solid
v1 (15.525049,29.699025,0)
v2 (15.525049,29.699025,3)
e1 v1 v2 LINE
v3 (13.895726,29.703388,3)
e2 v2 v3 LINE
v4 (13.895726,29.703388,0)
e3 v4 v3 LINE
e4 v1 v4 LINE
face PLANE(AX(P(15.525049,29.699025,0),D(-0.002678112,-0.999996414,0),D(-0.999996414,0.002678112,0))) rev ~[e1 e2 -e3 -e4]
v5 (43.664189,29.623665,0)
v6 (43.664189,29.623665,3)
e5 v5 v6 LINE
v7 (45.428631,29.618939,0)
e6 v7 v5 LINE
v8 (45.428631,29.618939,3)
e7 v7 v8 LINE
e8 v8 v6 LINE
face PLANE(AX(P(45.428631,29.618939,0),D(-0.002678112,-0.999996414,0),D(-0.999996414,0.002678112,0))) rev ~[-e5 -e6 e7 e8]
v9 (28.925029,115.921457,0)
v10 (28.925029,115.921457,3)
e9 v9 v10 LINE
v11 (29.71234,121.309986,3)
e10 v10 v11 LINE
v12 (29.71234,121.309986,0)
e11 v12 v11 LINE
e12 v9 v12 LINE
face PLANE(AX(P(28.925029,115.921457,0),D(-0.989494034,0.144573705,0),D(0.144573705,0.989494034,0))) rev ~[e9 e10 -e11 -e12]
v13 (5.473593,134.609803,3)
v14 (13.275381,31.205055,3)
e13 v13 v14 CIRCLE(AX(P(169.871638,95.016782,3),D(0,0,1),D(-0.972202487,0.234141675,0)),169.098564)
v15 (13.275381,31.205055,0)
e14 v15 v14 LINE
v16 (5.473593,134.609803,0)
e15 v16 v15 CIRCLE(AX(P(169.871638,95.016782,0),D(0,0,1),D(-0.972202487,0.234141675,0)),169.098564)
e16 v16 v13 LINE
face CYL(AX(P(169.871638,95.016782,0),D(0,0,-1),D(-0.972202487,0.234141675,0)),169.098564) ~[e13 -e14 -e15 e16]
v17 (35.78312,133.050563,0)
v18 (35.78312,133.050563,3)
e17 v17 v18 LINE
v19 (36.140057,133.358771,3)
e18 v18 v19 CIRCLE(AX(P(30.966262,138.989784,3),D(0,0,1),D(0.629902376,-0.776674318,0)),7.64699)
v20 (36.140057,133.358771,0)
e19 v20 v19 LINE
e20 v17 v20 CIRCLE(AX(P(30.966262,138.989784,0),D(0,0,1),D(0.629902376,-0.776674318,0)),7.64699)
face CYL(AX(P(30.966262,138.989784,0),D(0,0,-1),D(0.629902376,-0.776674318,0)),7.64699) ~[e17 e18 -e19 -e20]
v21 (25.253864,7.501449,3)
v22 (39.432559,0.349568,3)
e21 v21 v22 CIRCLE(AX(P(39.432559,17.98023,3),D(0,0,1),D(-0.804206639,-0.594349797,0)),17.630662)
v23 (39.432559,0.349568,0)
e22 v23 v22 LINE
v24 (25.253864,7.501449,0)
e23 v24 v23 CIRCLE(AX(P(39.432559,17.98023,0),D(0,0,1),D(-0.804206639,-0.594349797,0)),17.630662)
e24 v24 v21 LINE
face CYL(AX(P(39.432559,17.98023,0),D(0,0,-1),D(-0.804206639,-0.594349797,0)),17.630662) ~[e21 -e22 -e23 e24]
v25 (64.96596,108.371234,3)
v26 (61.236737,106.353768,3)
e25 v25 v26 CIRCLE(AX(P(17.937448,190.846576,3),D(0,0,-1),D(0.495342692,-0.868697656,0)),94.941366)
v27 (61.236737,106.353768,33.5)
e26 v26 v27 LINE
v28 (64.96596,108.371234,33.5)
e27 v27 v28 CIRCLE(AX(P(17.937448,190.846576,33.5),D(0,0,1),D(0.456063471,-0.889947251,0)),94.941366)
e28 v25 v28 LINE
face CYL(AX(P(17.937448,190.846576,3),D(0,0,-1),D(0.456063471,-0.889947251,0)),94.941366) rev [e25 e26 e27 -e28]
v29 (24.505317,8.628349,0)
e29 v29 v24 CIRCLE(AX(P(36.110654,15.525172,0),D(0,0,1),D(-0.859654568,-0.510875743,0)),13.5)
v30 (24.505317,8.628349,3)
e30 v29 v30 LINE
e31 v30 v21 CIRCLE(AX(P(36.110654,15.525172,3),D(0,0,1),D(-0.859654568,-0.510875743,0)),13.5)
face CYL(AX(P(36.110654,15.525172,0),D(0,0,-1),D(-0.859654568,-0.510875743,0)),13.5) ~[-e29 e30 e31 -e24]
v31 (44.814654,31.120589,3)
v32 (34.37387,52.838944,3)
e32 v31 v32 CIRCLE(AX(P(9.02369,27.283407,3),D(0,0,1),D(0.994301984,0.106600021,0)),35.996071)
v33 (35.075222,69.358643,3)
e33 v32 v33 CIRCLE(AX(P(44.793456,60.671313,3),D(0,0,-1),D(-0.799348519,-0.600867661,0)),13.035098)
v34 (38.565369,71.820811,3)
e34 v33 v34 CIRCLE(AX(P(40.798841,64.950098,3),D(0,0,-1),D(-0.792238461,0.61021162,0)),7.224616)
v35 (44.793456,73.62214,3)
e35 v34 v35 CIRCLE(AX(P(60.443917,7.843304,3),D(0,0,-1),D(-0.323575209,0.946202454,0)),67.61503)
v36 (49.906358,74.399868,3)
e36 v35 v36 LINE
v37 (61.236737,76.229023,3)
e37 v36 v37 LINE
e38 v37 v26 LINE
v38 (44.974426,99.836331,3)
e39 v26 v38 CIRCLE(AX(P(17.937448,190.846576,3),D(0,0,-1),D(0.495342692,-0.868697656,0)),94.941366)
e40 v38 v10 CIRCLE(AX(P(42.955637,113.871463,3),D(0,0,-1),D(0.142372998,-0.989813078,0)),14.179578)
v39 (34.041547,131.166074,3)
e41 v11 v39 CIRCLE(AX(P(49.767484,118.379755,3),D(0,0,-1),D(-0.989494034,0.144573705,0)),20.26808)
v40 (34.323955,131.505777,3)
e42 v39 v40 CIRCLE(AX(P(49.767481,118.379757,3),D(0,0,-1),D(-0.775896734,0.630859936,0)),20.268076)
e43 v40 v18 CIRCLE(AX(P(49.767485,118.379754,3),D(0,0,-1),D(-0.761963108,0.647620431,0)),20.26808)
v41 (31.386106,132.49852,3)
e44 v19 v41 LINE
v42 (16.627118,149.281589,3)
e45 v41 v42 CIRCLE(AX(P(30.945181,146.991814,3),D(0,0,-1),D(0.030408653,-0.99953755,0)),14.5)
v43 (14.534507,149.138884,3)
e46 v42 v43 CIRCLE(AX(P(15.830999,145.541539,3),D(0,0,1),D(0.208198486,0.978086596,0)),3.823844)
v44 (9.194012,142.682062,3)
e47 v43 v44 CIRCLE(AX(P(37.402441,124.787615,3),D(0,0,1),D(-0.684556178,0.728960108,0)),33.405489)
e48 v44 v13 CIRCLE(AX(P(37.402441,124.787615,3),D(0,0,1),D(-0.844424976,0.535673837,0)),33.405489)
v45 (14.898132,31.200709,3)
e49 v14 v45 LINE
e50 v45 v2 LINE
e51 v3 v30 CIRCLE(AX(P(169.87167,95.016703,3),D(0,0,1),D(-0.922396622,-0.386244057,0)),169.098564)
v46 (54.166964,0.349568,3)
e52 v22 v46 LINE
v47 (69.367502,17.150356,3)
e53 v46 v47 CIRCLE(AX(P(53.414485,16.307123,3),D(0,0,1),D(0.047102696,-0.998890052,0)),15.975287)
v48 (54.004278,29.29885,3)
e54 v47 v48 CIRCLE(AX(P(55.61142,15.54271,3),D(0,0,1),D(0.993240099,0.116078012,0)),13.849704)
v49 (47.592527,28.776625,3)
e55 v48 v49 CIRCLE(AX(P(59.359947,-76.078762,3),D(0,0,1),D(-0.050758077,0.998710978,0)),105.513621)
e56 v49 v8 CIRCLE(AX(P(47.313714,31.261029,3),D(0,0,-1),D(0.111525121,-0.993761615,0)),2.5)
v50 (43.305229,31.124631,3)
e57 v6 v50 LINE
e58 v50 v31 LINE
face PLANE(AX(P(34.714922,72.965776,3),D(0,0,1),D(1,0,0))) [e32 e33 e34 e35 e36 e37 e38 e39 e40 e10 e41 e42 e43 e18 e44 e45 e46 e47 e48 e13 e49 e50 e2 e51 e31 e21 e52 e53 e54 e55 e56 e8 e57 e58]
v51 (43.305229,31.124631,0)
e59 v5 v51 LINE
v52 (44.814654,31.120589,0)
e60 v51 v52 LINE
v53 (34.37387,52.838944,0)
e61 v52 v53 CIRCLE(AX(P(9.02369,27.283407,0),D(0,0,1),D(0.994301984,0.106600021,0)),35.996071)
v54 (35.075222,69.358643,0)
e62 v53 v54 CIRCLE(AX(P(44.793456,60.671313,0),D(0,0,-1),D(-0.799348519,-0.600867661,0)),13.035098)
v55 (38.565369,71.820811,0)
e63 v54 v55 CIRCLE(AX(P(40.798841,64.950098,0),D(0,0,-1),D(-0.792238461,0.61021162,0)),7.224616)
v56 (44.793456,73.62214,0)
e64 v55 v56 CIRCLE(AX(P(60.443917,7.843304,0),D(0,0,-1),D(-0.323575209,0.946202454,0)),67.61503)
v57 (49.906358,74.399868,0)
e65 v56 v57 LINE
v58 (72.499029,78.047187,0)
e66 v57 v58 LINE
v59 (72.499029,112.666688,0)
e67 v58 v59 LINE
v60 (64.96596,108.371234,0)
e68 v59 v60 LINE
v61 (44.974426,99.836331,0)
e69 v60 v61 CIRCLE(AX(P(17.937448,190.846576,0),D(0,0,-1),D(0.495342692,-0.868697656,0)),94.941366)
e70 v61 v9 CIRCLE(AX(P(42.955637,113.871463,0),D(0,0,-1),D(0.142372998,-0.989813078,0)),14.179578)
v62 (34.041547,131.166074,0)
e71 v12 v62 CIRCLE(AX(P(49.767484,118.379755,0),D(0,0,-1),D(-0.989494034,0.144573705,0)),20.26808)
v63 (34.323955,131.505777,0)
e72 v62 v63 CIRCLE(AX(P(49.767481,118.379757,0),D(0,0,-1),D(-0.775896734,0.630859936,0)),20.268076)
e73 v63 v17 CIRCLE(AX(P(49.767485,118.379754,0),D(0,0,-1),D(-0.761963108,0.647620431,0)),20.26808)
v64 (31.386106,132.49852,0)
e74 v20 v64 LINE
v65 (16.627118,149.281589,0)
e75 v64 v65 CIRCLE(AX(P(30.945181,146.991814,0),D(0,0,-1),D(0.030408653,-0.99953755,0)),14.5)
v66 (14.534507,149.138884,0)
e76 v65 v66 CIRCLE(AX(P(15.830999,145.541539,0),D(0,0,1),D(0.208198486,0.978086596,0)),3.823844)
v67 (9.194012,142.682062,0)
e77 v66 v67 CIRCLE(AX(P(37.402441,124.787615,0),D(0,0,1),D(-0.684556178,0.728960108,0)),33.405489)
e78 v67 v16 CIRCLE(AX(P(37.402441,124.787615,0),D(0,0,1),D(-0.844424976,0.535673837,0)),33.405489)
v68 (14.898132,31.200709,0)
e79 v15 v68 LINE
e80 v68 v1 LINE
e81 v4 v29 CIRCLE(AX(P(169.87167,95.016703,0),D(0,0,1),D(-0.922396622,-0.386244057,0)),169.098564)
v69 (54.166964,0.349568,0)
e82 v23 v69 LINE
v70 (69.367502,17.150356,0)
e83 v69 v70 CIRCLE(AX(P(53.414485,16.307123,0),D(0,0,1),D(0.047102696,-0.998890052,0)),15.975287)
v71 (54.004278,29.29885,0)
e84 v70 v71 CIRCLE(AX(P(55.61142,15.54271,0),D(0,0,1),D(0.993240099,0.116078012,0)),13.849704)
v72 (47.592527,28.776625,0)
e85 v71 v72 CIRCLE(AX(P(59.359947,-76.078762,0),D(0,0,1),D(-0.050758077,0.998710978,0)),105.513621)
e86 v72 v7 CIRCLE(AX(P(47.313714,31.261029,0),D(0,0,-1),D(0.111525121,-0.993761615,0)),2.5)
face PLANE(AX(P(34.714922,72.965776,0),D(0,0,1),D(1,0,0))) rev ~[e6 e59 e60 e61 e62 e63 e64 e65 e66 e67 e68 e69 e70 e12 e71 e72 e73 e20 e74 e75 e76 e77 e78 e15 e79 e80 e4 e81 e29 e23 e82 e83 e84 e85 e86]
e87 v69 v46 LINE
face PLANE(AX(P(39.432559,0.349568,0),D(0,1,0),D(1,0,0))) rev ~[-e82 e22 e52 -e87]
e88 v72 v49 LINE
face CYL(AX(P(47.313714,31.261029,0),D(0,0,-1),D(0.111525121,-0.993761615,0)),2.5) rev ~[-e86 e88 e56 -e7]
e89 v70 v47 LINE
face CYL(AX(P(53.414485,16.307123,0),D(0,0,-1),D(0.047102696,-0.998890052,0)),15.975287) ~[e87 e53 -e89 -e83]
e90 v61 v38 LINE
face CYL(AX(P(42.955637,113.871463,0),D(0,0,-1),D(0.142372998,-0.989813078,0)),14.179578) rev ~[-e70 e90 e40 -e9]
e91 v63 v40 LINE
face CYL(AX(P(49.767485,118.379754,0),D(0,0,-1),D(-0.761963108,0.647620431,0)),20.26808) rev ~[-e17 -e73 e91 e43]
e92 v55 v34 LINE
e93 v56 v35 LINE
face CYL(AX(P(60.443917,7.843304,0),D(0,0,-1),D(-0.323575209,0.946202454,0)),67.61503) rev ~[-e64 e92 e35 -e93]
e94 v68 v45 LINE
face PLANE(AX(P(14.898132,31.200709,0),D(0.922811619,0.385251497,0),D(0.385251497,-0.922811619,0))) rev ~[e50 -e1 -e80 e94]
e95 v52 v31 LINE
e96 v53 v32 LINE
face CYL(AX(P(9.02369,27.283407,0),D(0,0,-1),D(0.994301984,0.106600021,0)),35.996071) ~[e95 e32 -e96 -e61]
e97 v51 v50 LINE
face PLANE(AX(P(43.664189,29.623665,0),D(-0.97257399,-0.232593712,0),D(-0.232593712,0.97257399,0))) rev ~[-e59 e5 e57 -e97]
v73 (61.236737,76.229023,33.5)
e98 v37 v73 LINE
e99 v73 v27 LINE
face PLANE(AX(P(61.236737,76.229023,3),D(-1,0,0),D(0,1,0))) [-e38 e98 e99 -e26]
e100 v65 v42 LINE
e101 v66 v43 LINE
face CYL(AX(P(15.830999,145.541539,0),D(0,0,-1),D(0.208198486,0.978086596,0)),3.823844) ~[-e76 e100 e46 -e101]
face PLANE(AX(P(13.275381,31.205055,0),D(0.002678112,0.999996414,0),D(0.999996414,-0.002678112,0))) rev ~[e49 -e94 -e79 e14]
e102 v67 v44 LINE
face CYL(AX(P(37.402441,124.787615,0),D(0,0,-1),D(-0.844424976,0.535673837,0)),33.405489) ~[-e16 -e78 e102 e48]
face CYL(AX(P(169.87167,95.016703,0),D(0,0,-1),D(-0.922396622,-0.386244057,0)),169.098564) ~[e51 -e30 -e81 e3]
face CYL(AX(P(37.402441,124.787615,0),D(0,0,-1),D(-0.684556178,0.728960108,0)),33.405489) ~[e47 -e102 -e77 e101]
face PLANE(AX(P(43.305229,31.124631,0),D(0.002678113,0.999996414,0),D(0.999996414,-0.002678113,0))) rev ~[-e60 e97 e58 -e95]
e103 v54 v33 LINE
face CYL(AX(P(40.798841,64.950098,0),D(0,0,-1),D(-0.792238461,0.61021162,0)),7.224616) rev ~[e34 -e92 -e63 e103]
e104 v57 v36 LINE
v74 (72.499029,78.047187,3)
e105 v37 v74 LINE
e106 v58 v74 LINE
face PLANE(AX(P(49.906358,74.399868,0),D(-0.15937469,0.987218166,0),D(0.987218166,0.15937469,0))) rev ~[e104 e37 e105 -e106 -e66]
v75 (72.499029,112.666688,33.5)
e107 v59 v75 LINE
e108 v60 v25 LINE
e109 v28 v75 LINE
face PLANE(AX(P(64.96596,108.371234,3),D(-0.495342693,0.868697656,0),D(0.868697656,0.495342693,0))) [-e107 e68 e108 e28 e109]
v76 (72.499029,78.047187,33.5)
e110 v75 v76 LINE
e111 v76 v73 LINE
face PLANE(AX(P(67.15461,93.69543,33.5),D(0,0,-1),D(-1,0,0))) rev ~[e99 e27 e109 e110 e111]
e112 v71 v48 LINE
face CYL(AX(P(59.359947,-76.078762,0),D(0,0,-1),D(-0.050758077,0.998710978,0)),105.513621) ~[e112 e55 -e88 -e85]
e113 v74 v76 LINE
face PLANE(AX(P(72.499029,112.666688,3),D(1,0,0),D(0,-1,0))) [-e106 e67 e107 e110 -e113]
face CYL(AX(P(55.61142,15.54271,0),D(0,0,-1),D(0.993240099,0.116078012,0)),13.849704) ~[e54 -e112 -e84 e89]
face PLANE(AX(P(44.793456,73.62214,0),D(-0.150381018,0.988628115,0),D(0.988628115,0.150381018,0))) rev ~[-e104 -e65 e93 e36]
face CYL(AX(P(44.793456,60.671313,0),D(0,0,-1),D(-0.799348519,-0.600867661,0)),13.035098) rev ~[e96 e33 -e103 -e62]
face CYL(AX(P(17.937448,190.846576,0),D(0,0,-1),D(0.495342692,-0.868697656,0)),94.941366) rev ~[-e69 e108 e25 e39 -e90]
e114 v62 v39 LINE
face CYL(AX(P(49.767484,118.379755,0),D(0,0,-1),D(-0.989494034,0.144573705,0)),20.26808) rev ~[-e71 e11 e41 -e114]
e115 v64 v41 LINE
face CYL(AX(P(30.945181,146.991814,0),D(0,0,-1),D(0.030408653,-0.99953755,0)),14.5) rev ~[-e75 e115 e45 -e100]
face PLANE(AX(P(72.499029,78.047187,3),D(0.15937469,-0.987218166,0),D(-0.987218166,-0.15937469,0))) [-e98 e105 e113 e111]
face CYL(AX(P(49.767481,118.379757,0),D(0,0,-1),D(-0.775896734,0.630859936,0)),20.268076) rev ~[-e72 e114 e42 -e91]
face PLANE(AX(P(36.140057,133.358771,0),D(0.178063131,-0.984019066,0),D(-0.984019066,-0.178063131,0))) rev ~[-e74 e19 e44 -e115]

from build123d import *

# Parameters (mm, degrees)
BOSS_EXTRUDE2_DEPTH = 3
BOSS_EXTRUDE3_DEPTH = 30.5


with BuildPart() as part:
    # Sketch1 → Boss-Extrude2 (new body)
    with BuildSketch(Plane.XY):
        with BuildLine():
            Line((13.275380686, 31.205054945), (14.898132017, 31.200709019))
            Line((14.898132017, 31.200709019), (15.525048851, 29.699024681))
            Line((15.525048851, 29.699024681), (13.895725818, 29.703388206))
            ThreePointArc((13.895725818, 29.703388206), (18.832488619, 18.980593631), (24.505317159, 8.628349101))
            ThreePointArc((24.505317159, 8.628349101), (24.86546573, 8.055516696), (25.253864185, 7.501449375))
            ThreePointArc((25.253864185, 7.501449375), (31.492395544, 2.238754737), (39.432559358, 0.349567888))
            Line((39.432559358, 0.349567888), (54.166964146, 0.349567888))
            ThreePointArc((54.166964146, 0.349567888), (65.260793251, 5.589158017), (69.367502095, 17.15035568))
            ThreePointArc((69.367502095, 17.15035568), (64.201860596, 26.406348327), (54.004278297, 29.298850229))
            ThreePointArc((54.004278297, 29.298850229), (50.794421974, 29.086613139), (47.592527294, 28.776624992))
            ThreePointArc((47.592527294, 28.776624992), (46.406851761, 28.931308018), (45.428630625, 29.618939254))
            Line((45.428630625, 29.618939254), (43.664188783, 29.623664644))
            Line((43.664188783, 29.623664644), (43.305228514, 31.124631363))
            Line((43.305228514, 31.124631363), (44.814654419, 31.120588936))
            ThreePointArc((44.814654419, 31.120588936), (41.465663123, 42.879415537), (34.373869876, 52.838944354))
            ThreePointArc((34.373869876, 52.838944354), (31.77008993, 61.224226607), (35.075221649, 69.358643168))
            ThreePointArc((35.075221649, 69.358643168), (36.634181143, 70.853545892), (38.565369315, 71.820810645))
            ThreePointArc((38.565369315, 71.820810645), (41.657810048, 72.796166819), (44.793456308, 73.622140114))
            Line((44.793456308, 73.622140114), (49.906358238, 74.39986774))
            Line((49.906358238, 74.39986774), (72.499029275, 78.04718712))
            Line((72.499029275, 78.04718712), (72.499029275, 112.666688298))
            Line((72.499029275, 112.666688298), (64.965959637, 108.371234093))
            ThreePointArc((64.965959637, 108.371234093), (55.215260948, 103.529752912), (44.974426149, 99.836330705))
            ThreePointArc((44.974426149, 99.836330705), (32.918019246, 103.856141001), (28.925028873, 115.921456997))
            Line((28.925028873, 115.921456997), (29.712339951, 121.309986069))
            ThreePointArc((29.712339951, 121.309986069), (31.21062393, 126.530705767), (34.041547196, 131.166074417))
            ThreePointArc((34.041547196, 131.166074417), (34.181825554, 131.336695356), (34.323954998, 131.505777418))
            ThreePointArc((34.323954998, 131.505777418), (35.033278252, 132.297306273), (35.783119531, 133.050562846))
            ThreePointArc((35.783119531, 133.050562846), (35.963964723, 133.201914626), (36.140056994, 133.358770791))
            Line((36.140056994, 133.358770791), (31.386106103, 132.498519796))
            ThreePointArc((31.386106103, 132.498519796), (20.056581392, 137.416407931), (16.627117574, 149.281589422))
            ThreePointArc((16.627117574, 149.281589422), (15.570836478, 149.356522247), (14.534507264, 149.138883925))
            ThreePointArc((14.534507264, 149.138883925), (11.661008479, 146.078583559), (9.194011926, 142.682061573))
            ThreePointArc((9.194011926, 142.682061573), (7.06412615, 138.77022346), (5.473593477, 134.609803211))
            ThreePointArc((5.473593477, 134.609803211), (1.252330233, 82.294620281), (13.275380686, 31.205054945))
        make_face()
    extrude(amount=BOSS_EXTRUDE2_DEPTH)

    # Sketch2 → Boss-Extrude3 (add)
    with BuildSketch(Plane.XY.offset(3)):
        with BuildLine():
            Line((61.236736711, 76.229023262), (61.236736711, 106.35376845))
            ThreePointArc((61.236736711, 106.35376845), (63.112611761, 107.341680879), (64.965959637, 108.371234093))
            Line((64.965959637, 108.371234093), (72.499029275, 112.666688298))
            Line((72.499029275, 112.666688298), (72.499029275, 78.04718712))
            Line((72.499029275, 78.04718712), (61.236736711, 76.229023262))
        make_face()
    extrude(amount=BOSS_EXTRUDE3_DEPTH)


solid = part.part
